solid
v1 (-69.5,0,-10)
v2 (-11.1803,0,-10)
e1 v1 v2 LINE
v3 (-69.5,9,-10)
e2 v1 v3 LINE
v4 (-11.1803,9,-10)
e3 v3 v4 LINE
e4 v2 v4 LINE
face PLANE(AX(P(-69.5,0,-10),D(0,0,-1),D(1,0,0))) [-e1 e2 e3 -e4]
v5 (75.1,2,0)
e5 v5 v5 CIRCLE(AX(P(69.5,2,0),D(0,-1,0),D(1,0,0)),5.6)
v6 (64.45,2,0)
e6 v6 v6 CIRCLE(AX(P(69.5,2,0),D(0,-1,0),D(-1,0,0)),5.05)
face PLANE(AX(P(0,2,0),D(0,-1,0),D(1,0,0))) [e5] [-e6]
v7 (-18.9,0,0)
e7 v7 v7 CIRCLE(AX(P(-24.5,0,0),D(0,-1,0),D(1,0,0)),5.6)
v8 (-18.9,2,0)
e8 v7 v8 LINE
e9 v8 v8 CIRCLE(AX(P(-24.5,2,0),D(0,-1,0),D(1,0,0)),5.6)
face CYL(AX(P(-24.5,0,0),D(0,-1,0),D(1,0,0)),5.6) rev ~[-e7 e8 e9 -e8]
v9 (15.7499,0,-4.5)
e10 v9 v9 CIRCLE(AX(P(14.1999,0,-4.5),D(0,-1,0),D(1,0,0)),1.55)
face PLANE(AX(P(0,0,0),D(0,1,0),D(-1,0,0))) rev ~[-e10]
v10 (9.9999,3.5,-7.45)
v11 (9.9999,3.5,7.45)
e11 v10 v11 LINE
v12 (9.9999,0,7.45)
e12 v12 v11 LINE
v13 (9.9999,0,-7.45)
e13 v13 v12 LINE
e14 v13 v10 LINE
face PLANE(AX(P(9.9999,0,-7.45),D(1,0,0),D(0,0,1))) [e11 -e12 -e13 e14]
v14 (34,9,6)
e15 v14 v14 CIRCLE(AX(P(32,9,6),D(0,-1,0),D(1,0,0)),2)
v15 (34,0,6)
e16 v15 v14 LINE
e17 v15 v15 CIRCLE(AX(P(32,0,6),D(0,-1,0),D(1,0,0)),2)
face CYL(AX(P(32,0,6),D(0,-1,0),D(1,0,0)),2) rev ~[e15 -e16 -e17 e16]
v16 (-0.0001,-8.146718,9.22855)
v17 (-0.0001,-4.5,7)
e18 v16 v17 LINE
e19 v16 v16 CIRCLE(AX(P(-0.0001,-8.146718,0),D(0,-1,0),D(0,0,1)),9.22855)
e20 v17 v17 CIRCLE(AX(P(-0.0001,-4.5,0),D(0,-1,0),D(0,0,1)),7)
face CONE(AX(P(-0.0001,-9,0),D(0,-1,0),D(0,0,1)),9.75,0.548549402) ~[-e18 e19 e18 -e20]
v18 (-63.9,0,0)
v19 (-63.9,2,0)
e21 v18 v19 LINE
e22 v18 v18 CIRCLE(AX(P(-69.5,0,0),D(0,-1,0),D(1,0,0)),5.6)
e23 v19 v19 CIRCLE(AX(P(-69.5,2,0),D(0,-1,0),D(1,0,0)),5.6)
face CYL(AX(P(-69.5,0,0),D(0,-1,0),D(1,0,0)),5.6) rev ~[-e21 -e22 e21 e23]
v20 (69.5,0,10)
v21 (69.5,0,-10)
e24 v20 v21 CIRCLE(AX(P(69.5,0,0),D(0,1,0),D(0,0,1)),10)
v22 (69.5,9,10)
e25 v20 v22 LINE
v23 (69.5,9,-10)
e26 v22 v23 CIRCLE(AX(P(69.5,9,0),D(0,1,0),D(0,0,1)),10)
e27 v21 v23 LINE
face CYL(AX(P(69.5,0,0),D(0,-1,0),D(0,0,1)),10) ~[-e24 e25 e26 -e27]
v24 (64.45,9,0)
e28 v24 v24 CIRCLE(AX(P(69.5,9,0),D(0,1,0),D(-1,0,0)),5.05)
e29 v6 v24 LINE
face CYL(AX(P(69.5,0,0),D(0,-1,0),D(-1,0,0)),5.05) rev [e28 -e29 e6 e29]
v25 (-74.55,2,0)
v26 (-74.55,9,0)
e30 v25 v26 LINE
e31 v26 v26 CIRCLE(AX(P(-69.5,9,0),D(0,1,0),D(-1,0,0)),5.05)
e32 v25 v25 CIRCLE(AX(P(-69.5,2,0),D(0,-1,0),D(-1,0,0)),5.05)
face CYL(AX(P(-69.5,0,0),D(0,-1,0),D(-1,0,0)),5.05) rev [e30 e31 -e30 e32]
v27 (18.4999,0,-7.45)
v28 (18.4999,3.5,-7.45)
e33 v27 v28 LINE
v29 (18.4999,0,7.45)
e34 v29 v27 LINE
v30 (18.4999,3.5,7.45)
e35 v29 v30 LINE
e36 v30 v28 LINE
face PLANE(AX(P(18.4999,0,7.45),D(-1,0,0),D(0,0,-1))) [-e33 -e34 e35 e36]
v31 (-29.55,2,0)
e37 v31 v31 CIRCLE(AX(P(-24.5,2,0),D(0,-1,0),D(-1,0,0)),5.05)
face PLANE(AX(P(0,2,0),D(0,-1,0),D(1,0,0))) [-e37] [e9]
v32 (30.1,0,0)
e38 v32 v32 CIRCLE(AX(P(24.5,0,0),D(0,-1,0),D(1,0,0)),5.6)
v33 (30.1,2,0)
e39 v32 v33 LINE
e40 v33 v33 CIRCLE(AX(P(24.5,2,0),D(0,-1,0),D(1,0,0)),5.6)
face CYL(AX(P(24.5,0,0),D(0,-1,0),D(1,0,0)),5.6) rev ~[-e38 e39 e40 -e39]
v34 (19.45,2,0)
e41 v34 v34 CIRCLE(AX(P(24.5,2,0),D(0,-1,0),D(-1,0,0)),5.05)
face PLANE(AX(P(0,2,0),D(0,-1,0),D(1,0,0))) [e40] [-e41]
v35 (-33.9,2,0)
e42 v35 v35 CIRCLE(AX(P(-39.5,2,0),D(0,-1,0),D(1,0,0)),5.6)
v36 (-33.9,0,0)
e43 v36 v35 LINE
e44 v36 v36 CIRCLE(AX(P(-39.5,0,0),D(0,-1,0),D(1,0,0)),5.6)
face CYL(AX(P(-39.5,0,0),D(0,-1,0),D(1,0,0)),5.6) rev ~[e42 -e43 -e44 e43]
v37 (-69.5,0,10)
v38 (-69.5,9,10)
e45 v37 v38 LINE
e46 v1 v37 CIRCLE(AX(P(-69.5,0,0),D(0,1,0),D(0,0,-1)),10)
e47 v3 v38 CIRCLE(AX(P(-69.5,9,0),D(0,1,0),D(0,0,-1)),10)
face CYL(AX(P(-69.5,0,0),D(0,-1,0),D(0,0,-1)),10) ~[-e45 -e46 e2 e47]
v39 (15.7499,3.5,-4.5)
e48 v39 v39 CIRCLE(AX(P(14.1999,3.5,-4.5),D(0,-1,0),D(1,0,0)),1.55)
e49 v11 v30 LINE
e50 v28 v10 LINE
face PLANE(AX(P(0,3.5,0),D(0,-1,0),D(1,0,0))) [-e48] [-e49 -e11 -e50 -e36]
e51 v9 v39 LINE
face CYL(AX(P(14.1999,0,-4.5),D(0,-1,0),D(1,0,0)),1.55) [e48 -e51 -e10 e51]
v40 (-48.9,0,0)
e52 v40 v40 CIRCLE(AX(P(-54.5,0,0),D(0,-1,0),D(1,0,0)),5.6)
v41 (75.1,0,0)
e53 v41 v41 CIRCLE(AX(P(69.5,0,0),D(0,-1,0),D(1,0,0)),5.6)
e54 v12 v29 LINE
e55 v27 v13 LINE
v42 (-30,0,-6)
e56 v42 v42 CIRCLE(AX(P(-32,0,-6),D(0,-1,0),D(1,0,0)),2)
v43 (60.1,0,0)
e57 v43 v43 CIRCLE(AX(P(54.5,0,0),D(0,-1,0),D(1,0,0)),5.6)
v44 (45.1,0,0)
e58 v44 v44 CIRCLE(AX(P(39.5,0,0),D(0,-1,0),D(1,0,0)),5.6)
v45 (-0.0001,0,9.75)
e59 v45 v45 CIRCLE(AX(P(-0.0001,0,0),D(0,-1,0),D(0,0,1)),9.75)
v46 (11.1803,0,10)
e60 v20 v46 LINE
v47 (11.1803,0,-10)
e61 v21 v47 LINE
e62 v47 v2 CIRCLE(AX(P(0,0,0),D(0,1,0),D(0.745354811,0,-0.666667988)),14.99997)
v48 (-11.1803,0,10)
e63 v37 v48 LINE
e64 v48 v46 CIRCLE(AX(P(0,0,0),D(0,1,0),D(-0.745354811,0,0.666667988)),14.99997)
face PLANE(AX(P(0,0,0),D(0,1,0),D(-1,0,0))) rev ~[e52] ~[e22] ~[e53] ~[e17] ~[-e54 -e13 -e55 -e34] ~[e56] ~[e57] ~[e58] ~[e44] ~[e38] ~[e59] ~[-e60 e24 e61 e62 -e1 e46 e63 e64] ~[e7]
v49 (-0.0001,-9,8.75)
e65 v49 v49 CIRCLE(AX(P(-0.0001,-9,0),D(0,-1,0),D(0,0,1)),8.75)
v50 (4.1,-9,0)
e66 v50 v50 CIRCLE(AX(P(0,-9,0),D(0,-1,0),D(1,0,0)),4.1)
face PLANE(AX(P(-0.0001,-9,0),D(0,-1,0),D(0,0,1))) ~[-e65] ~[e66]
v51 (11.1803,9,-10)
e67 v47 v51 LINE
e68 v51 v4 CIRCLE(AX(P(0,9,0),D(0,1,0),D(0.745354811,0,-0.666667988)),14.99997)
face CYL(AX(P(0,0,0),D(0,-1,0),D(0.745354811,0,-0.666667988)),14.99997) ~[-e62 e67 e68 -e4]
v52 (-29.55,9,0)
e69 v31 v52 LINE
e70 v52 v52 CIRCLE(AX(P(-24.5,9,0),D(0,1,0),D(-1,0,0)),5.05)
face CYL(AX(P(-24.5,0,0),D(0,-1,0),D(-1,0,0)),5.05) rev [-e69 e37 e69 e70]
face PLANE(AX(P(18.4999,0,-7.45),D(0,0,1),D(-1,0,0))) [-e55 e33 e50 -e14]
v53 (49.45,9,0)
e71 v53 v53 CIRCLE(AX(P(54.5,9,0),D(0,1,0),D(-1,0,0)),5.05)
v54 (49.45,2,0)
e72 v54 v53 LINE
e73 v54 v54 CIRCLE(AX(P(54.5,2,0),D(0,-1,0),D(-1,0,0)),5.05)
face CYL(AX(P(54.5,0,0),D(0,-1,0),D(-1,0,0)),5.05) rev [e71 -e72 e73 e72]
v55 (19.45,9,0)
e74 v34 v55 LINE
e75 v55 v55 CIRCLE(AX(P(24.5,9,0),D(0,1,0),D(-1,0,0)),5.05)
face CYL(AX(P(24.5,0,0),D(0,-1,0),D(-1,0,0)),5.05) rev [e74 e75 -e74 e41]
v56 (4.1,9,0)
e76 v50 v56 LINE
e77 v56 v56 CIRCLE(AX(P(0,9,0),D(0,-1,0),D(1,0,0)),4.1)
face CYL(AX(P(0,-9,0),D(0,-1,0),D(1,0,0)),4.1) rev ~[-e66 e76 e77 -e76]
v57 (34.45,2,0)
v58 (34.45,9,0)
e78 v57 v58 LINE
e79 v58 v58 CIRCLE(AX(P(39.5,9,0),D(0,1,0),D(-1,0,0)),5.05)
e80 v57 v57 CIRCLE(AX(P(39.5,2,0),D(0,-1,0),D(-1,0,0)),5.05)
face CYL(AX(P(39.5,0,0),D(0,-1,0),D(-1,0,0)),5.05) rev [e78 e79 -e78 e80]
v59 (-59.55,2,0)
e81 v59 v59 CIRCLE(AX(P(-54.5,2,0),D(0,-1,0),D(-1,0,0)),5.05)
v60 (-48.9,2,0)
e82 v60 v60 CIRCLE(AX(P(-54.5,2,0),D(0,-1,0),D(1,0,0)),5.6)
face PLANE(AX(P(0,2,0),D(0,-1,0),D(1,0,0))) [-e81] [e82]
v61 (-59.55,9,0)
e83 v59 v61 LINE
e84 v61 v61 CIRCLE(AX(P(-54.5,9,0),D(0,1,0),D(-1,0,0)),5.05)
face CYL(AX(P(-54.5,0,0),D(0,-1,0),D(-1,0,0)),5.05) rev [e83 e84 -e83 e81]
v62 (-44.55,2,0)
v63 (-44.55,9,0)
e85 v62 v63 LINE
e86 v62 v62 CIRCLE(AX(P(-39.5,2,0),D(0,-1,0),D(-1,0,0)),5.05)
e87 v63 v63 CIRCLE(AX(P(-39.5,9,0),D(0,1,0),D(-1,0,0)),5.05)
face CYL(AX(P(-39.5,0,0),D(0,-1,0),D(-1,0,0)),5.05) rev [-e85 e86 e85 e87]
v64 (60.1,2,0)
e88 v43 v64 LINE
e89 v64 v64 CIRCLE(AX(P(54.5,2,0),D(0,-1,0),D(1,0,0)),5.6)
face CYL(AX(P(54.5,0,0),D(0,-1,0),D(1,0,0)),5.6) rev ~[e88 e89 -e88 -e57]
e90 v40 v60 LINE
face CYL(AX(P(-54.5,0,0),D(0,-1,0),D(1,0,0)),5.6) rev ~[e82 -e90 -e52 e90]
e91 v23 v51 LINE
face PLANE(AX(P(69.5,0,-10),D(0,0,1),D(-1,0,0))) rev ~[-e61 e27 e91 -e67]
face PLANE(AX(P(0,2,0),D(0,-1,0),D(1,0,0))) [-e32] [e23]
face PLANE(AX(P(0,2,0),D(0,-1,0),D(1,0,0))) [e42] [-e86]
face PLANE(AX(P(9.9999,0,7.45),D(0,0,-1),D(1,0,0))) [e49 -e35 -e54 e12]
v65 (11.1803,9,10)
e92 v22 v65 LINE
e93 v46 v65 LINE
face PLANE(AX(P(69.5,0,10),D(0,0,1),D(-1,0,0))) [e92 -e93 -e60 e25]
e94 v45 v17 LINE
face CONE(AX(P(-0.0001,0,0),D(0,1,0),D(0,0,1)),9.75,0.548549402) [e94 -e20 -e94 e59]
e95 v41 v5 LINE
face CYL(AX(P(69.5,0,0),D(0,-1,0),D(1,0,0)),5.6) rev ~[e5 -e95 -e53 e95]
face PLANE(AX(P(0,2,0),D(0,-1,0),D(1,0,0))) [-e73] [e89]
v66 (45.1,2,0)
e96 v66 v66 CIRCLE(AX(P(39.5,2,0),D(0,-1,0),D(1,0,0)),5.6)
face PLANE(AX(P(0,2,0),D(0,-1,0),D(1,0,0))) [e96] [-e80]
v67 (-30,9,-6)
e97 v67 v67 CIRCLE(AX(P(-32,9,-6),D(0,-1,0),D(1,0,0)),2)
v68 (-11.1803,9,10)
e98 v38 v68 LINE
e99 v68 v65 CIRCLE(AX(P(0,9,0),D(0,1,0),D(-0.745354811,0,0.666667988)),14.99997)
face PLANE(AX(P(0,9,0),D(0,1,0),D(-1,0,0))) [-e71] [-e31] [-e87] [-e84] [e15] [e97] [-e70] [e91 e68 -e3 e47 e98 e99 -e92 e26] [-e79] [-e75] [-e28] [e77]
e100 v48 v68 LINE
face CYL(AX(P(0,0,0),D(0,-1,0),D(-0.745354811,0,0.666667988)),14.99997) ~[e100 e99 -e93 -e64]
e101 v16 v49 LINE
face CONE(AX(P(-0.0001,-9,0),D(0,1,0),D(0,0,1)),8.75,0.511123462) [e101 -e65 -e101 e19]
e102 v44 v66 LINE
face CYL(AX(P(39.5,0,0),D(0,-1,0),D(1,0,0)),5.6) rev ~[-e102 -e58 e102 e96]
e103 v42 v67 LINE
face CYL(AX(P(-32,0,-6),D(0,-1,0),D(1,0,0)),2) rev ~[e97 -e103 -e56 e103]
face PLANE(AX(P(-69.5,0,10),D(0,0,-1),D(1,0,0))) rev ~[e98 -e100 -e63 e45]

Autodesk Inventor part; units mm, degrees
ref_plane "YZ Plane" through (0, 0, 0) normal (1, 0, 0) x (0, 1, 0)
ref_plane "XZ Plane" through (0, 0, 0) normal (0, 1, 0) x (-1, 0, 0)
ref_plane "XY Plane" through (0, 0, 0) normal (0, 0, 1) x (1, 0, 0)
sketch "Sketch1" plane through (0, 0, 0) normal (0, 1, 0) x (-1, 0, 0)
  circle A0 centre (24.5, 0) radius 5.05
  circle A1 centre (39.5, 0) radius 5.05
  circle A2 centre (54.5, 0) radius 5.05
  circle A3 centre (69.5, 0) radius 5.05
  circle A4 centre (-69.5, 0) radius 5.05
  circle A5 centre (-54.5, 0) radius 5.05
  circle A6 centre (-39.5, 0) radius 5.05
  circle A7 centre (-24.5, 0) radius 5.05
  line L0 (69.5, -10) -> (11.1803, -10)
  line L1 (69.5, 10) -> (11.1803, 10)
  arc A8 (69.5, -10) -> (69.5, 10) centre (69.5, 0) ccw
  line L2 (-69.5, -10) -> (-11.1803, -10)
  arc A9 (-69.5, 10) -> (-69.5, -10) centre (-69.5, 0) ccw
  line L3 (-69.5, 10) -> (-11.1803, 10)
  arc A10 (11.1803, 10) -> (-11.1803, 10) centre (0, 0) ccw
  arc A11 (-11.1803, -10) -> (11.1803, -10) centre (0, 0) ccw
  dimension "d1" = 10.1
  dimension "d2" = 10.1
  dimension "d3" = 10.1
  dimension "d4" = 10.1
  dimension "d5" = 24.5
  dimension "d6" = 15
  dimension "d7" = 15
  dimension "d8" = 15
  dimension "d11" = 360
  dimension "d16" = 360
extrude "Extrusion1" add sketch "Sketch1" along normal blind 9
sketch "Sketch2" plane through (0, 0, 0) normal (0, -1, 0) x (1, 0, 0)
  circle A0 centre (-69.5, 0) radius 5.05 projected
  circle A1 centre (-54.5, 0) radius 5.05 projected
  circle A2 centre (-39.5, 0) radius 5.05 projected
  circle A3 centre (-24.5, 0) radius 5.05 projected
  circle A4 centre (24.5, 0) radius 5.05 projected
  circle A5 centre (39.5, 0) radius 5.05 projected
  circle A6 centre (54.5, 0) radius 5.05 projected
  circle A7 centre (69.5, 0) radius 5.05 projected
  circle A8 centre (-69.5, 0) radius 5.6
  circle A9 centre (-54.5, 0) radius 5.6
  circle A10 centre (-39.5, 0) radius 5.6
  circle A11 centre (-24.5, 0) radius 5.6
  circle A12 centre (24.5, 0) radius 5.6
  circle A13 centre (39.5, 0) radius 5.6
  circle A14 centre (54.5, 0) radius 5.6
  circle A15 centre (69.5, 0) radius 5.6
  point P0 (0, 0)
  dimension "d20" = 11.2
  dimension "d21" = 11.2
  dimension "d22" = 11.2
  dimension "d23" = 11.2
  dimension "d24" = 11.2
  dimension "d25" = 11.2
  dimension "d26" = 11.2
  dimension "d27" = 11.2
extrude "Extrusion2" cut sketch "Sketch2" against normal blind 2
sketch "Sketch5" plane through (0, 0, 0) normal (0, -1, 0) x (1, 0, 0)
  line L0 (9.9999, 7.45) -> (18.4999, 7.45)
  line L1 (18.4999, 7.45) -> (18.4999, -7.45)
  line L2 (18.4999, -7.45) -> (9.9999, -7.45)
  line L3 (9.9999, -7.45) -> (9.9999, 7.45)
  line L4 (69.5, 10) -> (11.1803, 10) projected
  circle A0 centre (14.1999, -4.5) radius 1.55
  point P0 (0, 0)
  point P1 (9.7499, -0.0369)
  dimension "d52" = 8.5
  dimension "d53" = 14.9
  dimension "d54" = 2.55
  dimension "d55" = 0.25
  dimension "d56" = 3.1
  dimension "d57" = 2.95
extrude "Extrusion4" cut sketch "Sketch5" against normal blind 3.5
sketch "Sketch6" plane through (0, 0, 0) normal (0, -1, 0) x (1, 0, 0)
  circle A0 centre (32, 6) radius 2
  circle A1 centre (24.5, 0) radius 5.05 projected
  circle A2 centre (-32, -6) radius 2
  circle A3 centre (-24.5, 0) radius 5.05 projected
  point P0 (0, 0)
  dimension "d60" = 4
  dimension "d61" = 7.5
  dimension "d62" = 6
  dimension "d63" = 4
  dimension "d64" = 7.5
  dimension "d65" = 6
extrude "Extrusion5" cut sketch "Sketch6" against normal through all contours A0 | A2
sketch "Sketch8" plane through (0, 0, 0) normal (0, -1, 0) x (1, 0, 0)
  point P0 (0, 0)
  point P1 (0, 0)
ref_plane "Work Plane1" through (-0.0001, 0, 7.45) normal (1, 0, 0) x (0, 0, -1)
sketch "Sketch9" plane through (-0.0001, 0, 7.45) normal (1, 0, 0) x (0, 0, -1)
  line L0 (7.45, 0) -> (-2.3, 0)
  line L1 (-2.55, 0) -> (17.45, 0) projected
  line L2 (7.45, 0) -> (7.45, -9)
  line L3 (7.45, -9) -> (-2.3, -9)
  line L4 (-2.3, -9) -> (0.45, -4.5)
  line L5 (-2.3, 0) -> (0.45, -4.5)
  dimension "d74" = 9
revolve "Revolution1" add sketch "Sketch9" angle 360 about axis through (-0.0001, 0, 0) along (0, -1, 0)
sketch "Sketch10" plane through (-0.0001, -9, 0) normal (0, -1, 0) x (1, 0, 0)
  circle A0 centre (0.0001, 0) radius 4.1
  dimension "d76" = 8.2
extrude "Extrusion6" cut sketch "Sketch10" against normal through all
chamfer "Chamfer1" distance 1 angle 45 1 edges at (-0.0001, -9, -9.75)
properties part number "led-prop"
